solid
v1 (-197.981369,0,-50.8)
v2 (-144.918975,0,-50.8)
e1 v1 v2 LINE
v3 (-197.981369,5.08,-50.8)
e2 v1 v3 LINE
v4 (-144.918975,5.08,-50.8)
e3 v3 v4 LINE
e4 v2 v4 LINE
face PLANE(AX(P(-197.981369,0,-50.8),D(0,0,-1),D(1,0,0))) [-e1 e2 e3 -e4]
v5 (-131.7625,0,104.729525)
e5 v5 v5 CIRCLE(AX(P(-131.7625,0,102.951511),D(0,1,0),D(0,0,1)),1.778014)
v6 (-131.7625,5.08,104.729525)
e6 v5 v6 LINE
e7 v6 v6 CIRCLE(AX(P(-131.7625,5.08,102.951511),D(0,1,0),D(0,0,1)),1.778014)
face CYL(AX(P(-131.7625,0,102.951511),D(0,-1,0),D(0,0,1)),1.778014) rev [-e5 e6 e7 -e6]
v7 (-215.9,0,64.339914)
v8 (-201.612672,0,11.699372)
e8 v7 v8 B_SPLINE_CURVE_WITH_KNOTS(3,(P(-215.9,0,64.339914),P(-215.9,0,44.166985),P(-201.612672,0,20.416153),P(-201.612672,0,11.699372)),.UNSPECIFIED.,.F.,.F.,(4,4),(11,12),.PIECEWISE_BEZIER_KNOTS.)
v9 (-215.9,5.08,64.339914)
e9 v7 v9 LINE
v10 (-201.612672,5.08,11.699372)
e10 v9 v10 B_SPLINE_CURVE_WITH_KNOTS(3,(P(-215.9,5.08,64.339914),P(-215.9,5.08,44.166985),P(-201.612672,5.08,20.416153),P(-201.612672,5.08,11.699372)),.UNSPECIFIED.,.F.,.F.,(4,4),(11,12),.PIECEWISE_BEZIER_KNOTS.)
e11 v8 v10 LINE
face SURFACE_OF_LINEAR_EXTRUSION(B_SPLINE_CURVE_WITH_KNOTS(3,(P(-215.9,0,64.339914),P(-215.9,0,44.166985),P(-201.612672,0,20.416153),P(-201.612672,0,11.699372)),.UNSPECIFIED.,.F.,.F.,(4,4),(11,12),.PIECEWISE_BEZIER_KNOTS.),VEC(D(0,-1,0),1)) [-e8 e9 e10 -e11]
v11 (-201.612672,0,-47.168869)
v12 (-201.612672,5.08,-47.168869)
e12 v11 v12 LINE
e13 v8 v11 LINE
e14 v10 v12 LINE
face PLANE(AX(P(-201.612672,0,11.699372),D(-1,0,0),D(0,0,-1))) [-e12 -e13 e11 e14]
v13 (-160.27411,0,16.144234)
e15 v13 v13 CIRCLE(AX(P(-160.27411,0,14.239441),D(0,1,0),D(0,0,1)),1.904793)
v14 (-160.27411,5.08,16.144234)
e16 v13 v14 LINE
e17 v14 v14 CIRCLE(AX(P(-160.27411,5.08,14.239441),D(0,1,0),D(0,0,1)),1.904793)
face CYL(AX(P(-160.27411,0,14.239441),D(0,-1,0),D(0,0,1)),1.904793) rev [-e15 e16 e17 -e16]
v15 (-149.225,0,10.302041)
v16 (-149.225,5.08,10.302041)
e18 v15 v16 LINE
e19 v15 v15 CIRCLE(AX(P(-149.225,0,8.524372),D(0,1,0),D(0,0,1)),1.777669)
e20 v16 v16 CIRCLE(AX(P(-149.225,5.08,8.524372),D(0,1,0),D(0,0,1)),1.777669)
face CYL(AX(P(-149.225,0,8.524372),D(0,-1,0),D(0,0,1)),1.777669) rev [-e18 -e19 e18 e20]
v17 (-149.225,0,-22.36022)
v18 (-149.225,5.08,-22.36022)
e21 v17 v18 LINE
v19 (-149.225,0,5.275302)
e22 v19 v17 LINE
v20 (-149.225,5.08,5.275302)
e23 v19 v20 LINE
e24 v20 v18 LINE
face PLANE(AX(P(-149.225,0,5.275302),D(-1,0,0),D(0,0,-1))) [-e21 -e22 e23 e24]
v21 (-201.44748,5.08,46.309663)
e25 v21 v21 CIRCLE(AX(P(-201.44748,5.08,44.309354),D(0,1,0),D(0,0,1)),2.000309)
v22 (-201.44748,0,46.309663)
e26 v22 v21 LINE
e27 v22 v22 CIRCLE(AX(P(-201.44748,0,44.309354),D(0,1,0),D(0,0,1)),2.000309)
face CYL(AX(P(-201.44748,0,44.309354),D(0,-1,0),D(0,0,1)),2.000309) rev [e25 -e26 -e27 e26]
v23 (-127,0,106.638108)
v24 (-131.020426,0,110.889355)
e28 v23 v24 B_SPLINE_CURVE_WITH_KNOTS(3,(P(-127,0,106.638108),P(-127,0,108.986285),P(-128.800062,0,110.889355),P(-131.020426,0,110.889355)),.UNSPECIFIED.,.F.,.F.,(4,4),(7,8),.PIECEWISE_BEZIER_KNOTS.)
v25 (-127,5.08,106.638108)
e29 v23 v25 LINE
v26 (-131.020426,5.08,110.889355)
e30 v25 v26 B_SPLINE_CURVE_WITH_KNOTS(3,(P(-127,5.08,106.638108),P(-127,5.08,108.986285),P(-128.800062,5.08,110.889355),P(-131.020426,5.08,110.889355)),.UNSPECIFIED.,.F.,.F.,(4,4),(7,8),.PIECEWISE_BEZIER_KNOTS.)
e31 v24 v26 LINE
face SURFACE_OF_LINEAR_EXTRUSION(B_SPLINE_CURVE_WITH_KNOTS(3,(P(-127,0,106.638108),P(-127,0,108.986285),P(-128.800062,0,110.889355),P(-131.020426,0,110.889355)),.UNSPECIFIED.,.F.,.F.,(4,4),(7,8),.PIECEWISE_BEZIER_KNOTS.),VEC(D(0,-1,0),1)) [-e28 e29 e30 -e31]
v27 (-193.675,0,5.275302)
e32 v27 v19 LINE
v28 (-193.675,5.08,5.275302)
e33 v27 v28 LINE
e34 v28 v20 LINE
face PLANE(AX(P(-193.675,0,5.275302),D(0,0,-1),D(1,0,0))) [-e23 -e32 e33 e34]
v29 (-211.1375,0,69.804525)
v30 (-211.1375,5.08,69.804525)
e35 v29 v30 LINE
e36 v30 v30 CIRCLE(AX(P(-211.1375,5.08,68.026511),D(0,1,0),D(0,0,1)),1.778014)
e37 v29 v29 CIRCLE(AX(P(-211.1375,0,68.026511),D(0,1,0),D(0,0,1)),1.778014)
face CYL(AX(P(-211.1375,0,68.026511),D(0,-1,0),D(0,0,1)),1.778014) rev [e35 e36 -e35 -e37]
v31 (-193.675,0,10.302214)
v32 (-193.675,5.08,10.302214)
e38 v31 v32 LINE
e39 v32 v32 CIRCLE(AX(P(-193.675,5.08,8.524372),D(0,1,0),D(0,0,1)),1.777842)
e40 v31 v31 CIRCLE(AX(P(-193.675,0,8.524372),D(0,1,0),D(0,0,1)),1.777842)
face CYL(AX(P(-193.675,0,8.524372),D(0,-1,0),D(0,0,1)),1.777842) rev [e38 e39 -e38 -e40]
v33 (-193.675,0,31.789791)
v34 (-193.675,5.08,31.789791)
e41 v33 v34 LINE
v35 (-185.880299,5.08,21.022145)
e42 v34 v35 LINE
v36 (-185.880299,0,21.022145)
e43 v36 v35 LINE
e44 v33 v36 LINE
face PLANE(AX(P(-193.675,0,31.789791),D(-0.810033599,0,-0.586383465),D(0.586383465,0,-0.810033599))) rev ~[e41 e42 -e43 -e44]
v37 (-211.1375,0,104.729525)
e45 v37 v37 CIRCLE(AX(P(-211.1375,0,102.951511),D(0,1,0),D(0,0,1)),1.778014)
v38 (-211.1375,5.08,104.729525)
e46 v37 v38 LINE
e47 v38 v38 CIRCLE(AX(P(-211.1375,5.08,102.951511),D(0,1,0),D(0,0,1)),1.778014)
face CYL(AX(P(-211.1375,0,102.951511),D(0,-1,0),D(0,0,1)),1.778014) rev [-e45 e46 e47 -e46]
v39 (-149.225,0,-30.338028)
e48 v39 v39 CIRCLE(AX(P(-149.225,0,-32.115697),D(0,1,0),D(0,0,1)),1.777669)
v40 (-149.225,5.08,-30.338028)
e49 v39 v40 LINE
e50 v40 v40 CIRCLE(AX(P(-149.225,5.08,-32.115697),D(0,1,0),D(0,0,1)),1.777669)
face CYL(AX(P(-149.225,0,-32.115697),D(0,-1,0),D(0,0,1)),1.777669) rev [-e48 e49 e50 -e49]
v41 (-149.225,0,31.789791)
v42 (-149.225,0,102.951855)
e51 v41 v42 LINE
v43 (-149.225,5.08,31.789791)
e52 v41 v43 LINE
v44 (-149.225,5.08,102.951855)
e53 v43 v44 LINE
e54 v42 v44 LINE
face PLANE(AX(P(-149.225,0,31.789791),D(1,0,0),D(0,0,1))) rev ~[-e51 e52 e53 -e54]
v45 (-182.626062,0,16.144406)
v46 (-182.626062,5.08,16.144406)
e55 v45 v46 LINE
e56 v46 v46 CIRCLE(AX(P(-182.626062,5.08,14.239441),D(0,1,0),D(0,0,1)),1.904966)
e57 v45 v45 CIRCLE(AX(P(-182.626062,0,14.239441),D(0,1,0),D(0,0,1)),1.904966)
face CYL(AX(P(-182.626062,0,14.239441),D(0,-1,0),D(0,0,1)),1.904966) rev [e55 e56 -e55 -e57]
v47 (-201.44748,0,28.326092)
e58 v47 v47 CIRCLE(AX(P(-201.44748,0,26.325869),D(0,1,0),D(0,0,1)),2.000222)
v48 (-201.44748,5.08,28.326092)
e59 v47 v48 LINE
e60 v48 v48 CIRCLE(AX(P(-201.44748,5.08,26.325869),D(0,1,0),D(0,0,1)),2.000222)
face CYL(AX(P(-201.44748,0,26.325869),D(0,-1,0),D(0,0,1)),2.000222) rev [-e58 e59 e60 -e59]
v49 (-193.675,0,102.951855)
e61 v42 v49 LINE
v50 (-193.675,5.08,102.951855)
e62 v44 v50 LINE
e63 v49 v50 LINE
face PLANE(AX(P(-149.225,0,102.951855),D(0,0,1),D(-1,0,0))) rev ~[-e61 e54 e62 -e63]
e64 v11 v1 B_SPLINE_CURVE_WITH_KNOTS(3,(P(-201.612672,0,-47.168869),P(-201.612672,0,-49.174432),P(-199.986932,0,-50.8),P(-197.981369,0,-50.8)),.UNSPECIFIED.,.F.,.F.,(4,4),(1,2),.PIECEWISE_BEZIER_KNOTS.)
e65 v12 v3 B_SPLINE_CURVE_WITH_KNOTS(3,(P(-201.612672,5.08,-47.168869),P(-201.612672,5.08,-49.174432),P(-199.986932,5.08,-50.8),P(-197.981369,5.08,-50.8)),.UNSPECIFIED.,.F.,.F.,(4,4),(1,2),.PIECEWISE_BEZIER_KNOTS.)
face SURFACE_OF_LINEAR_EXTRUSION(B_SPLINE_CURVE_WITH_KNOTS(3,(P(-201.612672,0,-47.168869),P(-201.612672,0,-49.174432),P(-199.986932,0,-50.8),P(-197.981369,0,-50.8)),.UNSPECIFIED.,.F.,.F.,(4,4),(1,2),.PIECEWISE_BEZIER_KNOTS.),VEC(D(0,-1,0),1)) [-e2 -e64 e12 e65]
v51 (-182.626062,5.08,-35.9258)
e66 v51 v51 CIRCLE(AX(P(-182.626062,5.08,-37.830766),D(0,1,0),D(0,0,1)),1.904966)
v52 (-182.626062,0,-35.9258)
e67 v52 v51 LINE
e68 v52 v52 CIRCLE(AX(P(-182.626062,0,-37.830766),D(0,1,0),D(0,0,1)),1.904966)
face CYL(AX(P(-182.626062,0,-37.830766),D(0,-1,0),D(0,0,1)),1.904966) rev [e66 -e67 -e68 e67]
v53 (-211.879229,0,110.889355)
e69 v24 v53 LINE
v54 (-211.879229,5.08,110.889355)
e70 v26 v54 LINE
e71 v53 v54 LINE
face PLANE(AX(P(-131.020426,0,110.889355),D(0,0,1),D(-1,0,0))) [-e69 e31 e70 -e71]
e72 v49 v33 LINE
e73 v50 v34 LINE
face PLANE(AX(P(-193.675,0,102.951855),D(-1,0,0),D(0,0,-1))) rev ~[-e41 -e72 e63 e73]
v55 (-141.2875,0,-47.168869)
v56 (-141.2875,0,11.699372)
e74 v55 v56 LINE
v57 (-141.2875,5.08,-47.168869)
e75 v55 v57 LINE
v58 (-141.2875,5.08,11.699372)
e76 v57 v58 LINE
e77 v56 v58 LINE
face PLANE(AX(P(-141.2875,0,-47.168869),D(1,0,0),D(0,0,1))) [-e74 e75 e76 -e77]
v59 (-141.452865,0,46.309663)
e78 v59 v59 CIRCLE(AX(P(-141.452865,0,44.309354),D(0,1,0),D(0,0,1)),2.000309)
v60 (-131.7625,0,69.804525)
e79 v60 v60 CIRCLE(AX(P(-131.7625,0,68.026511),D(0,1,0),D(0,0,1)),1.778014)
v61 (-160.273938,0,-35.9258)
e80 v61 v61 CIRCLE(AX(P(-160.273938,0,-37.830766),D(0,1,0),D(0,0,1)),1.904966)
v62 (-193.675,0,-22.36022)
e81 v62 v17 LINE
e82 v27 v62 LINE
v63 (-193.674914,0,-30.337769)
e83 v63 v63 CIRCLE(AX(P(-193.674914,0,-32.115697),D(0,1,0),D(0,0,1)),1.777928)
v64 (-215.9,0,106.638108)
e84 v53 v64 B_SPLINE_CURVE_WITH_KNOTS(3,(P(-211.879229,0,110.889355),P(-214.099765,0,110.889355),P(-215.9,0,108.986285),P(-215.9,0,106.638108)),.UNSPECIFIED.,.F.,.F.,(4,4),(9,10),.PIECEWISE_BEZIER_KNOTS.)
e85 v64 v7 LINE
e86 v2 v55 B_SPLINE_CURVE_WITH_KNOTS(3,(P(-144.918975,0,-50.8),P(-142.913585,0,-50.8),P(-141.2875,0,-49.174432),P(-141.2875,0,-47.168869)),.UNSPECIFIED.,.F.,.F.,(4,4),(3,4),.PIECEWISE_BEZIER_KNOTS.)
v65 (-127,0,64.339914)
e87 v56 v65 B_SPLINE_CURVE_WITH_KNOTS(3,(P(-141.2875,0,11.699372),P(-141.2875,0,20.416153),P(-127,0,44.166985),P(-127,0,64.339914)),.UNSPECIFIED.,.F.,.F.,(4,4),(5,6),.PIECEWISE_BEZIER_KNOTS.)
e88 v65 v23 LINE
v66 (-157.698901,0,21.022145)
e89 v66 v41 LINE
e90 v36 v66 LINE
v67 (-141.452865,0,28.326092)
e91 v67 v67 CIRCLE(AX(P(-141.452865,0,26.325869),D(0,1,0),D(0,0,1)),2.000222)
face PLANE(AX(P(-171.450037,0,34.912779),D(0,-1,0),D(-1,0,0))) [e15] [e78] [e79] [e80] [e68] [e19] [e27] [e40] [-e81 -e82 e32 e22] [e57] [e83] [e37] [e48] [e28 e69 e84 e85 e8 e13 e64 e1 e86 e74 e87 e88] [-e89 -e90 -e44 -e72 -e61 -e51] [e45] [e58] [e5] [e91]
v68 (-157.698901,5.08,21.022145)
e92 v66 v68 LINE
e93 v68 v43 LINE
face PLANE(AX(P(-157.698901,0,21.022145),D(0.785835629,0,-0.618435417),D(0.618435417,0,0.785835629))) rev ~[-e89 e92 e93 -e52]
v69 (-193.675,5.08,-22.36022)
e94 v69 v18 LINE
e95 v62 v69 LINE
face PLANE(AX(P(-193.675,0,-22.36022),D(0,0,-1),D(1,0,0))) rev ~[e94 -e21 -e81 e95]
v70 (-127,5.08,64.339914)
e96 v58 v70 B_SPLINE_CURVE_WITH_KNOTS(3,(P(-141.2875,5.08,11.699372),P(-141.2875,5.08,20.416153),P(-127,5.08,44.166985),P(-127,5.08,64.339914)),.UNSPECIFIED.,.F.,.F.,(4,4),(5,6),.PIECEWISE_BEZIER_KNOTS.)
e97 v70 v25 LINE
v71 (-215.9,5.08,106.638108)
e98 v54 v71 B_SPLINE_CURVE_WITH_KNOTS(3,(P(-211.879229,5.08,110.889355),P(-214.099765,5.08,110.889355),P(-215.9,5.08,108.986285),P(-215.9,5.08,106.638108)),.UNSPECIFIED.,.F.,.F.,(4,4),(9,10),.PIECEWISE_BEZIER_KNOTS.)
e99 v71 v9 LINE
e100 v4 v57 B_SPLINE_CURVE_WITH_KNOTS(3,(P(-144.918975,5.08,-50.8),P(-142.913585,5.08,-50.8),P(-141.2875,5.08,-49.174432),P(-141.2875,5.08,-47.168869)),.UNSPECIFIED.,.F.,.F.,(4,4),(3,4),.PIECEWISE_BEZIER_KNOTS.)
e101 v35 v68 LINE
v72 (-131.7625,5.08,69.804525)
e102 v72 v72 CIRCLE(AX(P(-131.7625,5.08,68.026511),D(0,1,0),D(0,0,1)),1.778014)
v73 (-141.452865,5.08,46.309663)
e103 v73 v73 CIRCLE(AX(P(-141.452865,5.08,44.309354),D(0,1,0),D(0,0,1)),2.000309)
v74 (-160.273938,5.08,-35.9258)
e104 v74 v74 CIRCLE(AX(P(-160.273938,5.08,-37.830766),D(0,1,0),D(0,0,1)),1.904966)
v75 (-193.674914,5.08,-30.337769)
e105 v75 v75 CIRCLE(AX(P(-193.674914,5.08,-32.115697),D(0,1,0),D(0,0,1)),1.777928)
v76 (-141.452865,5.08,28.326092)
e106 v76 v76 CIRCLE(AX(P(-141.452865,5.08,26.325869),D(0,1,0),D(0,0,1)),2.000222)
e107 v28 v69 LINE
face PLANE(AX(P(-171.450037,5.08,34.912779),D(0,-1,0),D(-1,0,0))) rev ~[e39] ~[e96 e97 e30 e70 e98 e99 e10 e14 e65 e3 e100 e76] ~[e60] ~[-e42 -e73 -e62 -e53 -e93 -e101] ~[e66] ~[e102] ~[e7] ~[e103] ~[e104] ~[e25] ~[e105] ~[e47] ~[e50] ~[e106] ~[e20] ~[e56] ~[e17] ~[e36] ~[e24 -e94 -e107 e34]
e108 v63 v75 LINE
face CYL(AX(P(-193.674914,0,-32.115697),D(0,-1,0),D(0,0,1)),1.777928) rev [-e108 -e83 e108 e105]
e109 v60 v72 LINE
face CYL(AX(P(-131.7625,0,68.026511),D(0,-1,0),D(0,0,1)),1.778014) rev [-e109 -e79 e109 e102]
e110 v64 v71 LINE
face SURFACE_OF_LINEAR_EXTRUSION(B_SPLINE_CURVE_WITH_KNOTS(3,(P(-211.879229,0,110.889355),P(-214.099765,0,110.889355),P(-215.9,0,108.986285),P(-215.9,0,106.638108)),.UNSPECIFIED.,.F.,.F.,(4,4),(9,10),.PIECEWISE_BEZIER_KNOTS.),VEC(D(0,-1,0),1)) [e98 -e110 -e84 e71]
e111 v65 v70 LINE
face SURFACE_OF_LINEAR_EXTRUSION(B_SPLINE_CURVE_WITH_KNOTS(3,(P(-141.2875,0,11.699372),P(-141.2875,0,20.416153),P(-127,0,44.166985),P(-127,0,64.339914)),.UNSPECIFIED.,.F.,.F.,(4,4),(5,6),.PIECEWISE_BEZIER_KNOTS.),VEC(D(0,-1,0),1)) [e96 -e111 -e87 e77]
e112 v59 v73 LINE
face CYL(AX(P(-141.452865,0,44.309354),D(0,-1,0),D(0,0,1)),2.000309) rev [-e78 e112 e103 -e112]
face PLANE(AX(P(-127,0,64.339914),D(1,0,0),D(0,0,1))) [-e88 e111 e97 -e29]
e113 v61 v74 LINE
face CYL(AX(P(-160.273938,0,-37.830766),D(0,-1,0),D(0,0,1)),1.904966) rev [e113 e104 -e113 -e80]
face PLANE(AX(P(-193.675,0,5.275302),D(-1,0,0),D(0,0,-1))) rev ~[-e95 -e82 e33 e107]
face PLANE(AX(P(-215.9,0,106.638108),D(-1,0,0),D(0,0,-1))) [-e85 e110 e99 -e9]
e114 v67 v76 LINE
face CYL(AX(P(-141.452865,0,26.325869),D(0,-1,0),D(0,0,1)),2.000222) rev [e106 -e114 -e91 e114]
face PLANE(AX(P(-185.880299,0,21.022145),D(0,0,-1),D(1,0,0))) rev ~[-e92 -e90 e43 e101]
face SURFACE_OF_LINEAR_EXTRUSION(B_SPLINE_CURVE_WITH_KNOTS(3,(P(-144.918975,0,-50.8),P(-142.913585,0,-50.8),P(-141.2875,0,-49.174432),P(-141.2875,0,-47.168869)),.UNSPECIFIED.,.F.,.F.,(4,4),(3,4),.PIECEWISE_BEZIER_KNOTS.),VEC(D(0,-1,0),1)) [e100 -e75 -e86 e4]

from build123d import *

# Parameters (mm, degrees)
SKETCH1_R           = 2.000308567
SKETCH1_R_2         = 2.000222439
SKETCH1_R_3         = 1.777841526
SKETCH1_R_4         = 1.904793294
SKETCH1_R_5         = 1.777669271
SKETCH1_R_6         = 1.777927653
SKETCH1_R_7         = 1.904965549
SKETCH1_R_8         = 1.77801378
SKETCH1_W           = 44.45
SKETCH1_H           = 27.635522461
BOSS_EXTRUDE2_DEPTH = 5.08


with BuildPart() as part:
    # Sketch1 → Boss-Extrude2 (new body)
    with BuildSketch(Plane(origin=(0, 0, 0), x_dir=(1, 0, 0), z_dir=(0, 1, 0))):
        with BuildLine():
            Line((-201.612672255, -11.699372016), (-201.612672255, 47.168869358))
            add(Edge.make_bspline(
                [(-201.612672255, 47.168869358), (-201.612672255, 49.174431695), (-199.986931695, 50.8), (-197.981369358, 50.8)],
                knots=[1, 1, 1, 1, 2, 2, 2, 2], degree=3))
            Line((-197.981369358, 50.8), (-144.918975152, 50.8))
            add(Edge.make_bspline(
                [(-144.918975152, 50.8), (-142.913585069, 50.8), (-141.2875, 49.174431695), (-141.2875, 47.168869358)],
                knots=[3, 3, 3, 3, 4, 4, 4, 4], degree=3))
            Line((-141.2875, 47.168869358), (-141.2875, -11.699372016))
            add(Edge.make_bspline(
                [(-141.2875, -11.699372016), (-141.2875, -20.416152615), (-127, -44.166985406), (-127, -64.33991428)],
                knots=[5, 5, 5, 5, 6, 6, 6, 6], degree=3))
            Line((-127, -64.33991428), (-127, -106.638107639))
            add(Edge.make_bspline(
                [(-127, -106.638107639), (-127, -108.986284722), (-128.800062391, -110.889355469), (-131.020426432, -110.889355469)],
                knots=[7, 7, 7, 7, 8, 8, 8, 8], degree=3))
            Line((-131.020426432, -110.889355469), (-211.879229058, -110.889355469))
            add(Edge.make_bspline(
                [(-211.879229058, -110.889355469), (-214.099765354, -110.889355469), (-215.9, -108.986284722), (-215.9, -106.638107639)],
                knots=[9, 9, 9, 9, 10, 10, 10, 10], degree=3))
            Line((-215.9, -106.638107639), (-215.9, -64.33991428))
            add(Edge.make_bspline(
                [(-215.9, -64.33991428), (-215.9, -44.166985406), (-201.612672255, -20.416152615), (-201.612672255, -11.699372016)],
                knots=[11, 11, 11, 11, 12, 12, 12, 12], degree=3))
        make_face()
        with Locations(Location((-201.447479926, -44.309353977, 0), (0, 0, 270))):
            Circle(SKETCH1_R, mode=Mode.SUBTRACT)
        with Locations(Location((-141.452864583, -44.309353977, 0), (0, 0, 270))):
            Circle(SKETCH1_R, mode=Mode.SUBTRACT)
        with Locations(Location((-141.452864583, -26.325869412, 0), (0, 0, 270))):
            Circle(SKETCH1_R_2, mode=Mode.SUBTRACT)
        with Locations(Location((-193.675, -8.524372016, 0), (0, 0, 270))):
            Circle(SKETCH1_R_3, mode=Mode.SUBTRACT)
        with Locations(Location((-160.274110243, -14.239440918, 0), (0, 0, 270))):
            Circle(SKETCH1_R_4, mode=Mode.SUBTRACT)
        with Locations(Location((-149.225, -8.524372016, 0), (0, 0, 270))):
            Circle(SKETCH1_R_5, mode=Mode.SUBTRACT)
        with Locations(Location((-193.674913873, 32.115696886, 0), (0, 0, 270))):
            Circle(SKETCH1_R_6, mode=Mode.SUBTRACT)
        with Locations(Location((-182.626062012, 37.830765788, 0), (0, 0, 270))):
            Circle(SKETCH1_R_7, mode=Mode.SUBTRACT)
        with Locations(Location((-160.273937988, 37.830765788, 0), (0, 0, 270))):
            Circle(SKETCH1_R_7, mode=Mode.SUBTRACT)
        with Locations(Location((-149.225, 32.115696886, 0), (0, 0, 270))):
            Circle(SKETCH1_R_5, mode=Mode.SUBTRACT)
        with Locations(Location((-182.626062012, -14.239440918, 0), (0, 0, 270))):
            Circle(SKETCH1_R_7, mode=Mode.SUBTRACT)
        with Locations(Location((-201.447479926, -26.325869412, 0), (0, 0, 270))):
            Circle(SKETCH1_R_2, mode=Mode.SUBTRACT)
        with Locations(Location((-211.1375, -68.026510959, 0), (0, 0, 270))):
            Circle(SKETCH1_R_8, mode=Mode.SUBTRACT)
        with Locations(Location((-131.7625, -102.951510959, 0), (0, 0, 270))):
            Circle(SKETCH1_R_8, mode=Mode.SUBTRACT)
        with Locations(Location((-211.1375, -102.951510959, 0), (0, 0, 270))):
            Circle(SKETCH1_R_8, mode=Mode.SUBTRACT)
        with Locations(Location((-131.7625, -68.026510959, 0), (0, 0, 270))):
            Circle(SKETCH1_R_8, mode=Mode.SUBTRACT)
        Polygon((-193.675, -102.951855469), (-193.675, -31.789790853), (-185.880299208, -21.022144911), (-157.698901367, -21.022144911), (-149.225, -31.789790853), (-149.225, -102.951855469), align=None, mode=Mode.SUBTRACT)
        with Locations((-171.45, 8.542458768)):
            Rectangle(SKETCH1_W, SKETCH1_H, mode=Mode.SUBTRACT)
    extrude(amount=BOSS_EXTRUDE2_DEPTH)


solid = part.part
